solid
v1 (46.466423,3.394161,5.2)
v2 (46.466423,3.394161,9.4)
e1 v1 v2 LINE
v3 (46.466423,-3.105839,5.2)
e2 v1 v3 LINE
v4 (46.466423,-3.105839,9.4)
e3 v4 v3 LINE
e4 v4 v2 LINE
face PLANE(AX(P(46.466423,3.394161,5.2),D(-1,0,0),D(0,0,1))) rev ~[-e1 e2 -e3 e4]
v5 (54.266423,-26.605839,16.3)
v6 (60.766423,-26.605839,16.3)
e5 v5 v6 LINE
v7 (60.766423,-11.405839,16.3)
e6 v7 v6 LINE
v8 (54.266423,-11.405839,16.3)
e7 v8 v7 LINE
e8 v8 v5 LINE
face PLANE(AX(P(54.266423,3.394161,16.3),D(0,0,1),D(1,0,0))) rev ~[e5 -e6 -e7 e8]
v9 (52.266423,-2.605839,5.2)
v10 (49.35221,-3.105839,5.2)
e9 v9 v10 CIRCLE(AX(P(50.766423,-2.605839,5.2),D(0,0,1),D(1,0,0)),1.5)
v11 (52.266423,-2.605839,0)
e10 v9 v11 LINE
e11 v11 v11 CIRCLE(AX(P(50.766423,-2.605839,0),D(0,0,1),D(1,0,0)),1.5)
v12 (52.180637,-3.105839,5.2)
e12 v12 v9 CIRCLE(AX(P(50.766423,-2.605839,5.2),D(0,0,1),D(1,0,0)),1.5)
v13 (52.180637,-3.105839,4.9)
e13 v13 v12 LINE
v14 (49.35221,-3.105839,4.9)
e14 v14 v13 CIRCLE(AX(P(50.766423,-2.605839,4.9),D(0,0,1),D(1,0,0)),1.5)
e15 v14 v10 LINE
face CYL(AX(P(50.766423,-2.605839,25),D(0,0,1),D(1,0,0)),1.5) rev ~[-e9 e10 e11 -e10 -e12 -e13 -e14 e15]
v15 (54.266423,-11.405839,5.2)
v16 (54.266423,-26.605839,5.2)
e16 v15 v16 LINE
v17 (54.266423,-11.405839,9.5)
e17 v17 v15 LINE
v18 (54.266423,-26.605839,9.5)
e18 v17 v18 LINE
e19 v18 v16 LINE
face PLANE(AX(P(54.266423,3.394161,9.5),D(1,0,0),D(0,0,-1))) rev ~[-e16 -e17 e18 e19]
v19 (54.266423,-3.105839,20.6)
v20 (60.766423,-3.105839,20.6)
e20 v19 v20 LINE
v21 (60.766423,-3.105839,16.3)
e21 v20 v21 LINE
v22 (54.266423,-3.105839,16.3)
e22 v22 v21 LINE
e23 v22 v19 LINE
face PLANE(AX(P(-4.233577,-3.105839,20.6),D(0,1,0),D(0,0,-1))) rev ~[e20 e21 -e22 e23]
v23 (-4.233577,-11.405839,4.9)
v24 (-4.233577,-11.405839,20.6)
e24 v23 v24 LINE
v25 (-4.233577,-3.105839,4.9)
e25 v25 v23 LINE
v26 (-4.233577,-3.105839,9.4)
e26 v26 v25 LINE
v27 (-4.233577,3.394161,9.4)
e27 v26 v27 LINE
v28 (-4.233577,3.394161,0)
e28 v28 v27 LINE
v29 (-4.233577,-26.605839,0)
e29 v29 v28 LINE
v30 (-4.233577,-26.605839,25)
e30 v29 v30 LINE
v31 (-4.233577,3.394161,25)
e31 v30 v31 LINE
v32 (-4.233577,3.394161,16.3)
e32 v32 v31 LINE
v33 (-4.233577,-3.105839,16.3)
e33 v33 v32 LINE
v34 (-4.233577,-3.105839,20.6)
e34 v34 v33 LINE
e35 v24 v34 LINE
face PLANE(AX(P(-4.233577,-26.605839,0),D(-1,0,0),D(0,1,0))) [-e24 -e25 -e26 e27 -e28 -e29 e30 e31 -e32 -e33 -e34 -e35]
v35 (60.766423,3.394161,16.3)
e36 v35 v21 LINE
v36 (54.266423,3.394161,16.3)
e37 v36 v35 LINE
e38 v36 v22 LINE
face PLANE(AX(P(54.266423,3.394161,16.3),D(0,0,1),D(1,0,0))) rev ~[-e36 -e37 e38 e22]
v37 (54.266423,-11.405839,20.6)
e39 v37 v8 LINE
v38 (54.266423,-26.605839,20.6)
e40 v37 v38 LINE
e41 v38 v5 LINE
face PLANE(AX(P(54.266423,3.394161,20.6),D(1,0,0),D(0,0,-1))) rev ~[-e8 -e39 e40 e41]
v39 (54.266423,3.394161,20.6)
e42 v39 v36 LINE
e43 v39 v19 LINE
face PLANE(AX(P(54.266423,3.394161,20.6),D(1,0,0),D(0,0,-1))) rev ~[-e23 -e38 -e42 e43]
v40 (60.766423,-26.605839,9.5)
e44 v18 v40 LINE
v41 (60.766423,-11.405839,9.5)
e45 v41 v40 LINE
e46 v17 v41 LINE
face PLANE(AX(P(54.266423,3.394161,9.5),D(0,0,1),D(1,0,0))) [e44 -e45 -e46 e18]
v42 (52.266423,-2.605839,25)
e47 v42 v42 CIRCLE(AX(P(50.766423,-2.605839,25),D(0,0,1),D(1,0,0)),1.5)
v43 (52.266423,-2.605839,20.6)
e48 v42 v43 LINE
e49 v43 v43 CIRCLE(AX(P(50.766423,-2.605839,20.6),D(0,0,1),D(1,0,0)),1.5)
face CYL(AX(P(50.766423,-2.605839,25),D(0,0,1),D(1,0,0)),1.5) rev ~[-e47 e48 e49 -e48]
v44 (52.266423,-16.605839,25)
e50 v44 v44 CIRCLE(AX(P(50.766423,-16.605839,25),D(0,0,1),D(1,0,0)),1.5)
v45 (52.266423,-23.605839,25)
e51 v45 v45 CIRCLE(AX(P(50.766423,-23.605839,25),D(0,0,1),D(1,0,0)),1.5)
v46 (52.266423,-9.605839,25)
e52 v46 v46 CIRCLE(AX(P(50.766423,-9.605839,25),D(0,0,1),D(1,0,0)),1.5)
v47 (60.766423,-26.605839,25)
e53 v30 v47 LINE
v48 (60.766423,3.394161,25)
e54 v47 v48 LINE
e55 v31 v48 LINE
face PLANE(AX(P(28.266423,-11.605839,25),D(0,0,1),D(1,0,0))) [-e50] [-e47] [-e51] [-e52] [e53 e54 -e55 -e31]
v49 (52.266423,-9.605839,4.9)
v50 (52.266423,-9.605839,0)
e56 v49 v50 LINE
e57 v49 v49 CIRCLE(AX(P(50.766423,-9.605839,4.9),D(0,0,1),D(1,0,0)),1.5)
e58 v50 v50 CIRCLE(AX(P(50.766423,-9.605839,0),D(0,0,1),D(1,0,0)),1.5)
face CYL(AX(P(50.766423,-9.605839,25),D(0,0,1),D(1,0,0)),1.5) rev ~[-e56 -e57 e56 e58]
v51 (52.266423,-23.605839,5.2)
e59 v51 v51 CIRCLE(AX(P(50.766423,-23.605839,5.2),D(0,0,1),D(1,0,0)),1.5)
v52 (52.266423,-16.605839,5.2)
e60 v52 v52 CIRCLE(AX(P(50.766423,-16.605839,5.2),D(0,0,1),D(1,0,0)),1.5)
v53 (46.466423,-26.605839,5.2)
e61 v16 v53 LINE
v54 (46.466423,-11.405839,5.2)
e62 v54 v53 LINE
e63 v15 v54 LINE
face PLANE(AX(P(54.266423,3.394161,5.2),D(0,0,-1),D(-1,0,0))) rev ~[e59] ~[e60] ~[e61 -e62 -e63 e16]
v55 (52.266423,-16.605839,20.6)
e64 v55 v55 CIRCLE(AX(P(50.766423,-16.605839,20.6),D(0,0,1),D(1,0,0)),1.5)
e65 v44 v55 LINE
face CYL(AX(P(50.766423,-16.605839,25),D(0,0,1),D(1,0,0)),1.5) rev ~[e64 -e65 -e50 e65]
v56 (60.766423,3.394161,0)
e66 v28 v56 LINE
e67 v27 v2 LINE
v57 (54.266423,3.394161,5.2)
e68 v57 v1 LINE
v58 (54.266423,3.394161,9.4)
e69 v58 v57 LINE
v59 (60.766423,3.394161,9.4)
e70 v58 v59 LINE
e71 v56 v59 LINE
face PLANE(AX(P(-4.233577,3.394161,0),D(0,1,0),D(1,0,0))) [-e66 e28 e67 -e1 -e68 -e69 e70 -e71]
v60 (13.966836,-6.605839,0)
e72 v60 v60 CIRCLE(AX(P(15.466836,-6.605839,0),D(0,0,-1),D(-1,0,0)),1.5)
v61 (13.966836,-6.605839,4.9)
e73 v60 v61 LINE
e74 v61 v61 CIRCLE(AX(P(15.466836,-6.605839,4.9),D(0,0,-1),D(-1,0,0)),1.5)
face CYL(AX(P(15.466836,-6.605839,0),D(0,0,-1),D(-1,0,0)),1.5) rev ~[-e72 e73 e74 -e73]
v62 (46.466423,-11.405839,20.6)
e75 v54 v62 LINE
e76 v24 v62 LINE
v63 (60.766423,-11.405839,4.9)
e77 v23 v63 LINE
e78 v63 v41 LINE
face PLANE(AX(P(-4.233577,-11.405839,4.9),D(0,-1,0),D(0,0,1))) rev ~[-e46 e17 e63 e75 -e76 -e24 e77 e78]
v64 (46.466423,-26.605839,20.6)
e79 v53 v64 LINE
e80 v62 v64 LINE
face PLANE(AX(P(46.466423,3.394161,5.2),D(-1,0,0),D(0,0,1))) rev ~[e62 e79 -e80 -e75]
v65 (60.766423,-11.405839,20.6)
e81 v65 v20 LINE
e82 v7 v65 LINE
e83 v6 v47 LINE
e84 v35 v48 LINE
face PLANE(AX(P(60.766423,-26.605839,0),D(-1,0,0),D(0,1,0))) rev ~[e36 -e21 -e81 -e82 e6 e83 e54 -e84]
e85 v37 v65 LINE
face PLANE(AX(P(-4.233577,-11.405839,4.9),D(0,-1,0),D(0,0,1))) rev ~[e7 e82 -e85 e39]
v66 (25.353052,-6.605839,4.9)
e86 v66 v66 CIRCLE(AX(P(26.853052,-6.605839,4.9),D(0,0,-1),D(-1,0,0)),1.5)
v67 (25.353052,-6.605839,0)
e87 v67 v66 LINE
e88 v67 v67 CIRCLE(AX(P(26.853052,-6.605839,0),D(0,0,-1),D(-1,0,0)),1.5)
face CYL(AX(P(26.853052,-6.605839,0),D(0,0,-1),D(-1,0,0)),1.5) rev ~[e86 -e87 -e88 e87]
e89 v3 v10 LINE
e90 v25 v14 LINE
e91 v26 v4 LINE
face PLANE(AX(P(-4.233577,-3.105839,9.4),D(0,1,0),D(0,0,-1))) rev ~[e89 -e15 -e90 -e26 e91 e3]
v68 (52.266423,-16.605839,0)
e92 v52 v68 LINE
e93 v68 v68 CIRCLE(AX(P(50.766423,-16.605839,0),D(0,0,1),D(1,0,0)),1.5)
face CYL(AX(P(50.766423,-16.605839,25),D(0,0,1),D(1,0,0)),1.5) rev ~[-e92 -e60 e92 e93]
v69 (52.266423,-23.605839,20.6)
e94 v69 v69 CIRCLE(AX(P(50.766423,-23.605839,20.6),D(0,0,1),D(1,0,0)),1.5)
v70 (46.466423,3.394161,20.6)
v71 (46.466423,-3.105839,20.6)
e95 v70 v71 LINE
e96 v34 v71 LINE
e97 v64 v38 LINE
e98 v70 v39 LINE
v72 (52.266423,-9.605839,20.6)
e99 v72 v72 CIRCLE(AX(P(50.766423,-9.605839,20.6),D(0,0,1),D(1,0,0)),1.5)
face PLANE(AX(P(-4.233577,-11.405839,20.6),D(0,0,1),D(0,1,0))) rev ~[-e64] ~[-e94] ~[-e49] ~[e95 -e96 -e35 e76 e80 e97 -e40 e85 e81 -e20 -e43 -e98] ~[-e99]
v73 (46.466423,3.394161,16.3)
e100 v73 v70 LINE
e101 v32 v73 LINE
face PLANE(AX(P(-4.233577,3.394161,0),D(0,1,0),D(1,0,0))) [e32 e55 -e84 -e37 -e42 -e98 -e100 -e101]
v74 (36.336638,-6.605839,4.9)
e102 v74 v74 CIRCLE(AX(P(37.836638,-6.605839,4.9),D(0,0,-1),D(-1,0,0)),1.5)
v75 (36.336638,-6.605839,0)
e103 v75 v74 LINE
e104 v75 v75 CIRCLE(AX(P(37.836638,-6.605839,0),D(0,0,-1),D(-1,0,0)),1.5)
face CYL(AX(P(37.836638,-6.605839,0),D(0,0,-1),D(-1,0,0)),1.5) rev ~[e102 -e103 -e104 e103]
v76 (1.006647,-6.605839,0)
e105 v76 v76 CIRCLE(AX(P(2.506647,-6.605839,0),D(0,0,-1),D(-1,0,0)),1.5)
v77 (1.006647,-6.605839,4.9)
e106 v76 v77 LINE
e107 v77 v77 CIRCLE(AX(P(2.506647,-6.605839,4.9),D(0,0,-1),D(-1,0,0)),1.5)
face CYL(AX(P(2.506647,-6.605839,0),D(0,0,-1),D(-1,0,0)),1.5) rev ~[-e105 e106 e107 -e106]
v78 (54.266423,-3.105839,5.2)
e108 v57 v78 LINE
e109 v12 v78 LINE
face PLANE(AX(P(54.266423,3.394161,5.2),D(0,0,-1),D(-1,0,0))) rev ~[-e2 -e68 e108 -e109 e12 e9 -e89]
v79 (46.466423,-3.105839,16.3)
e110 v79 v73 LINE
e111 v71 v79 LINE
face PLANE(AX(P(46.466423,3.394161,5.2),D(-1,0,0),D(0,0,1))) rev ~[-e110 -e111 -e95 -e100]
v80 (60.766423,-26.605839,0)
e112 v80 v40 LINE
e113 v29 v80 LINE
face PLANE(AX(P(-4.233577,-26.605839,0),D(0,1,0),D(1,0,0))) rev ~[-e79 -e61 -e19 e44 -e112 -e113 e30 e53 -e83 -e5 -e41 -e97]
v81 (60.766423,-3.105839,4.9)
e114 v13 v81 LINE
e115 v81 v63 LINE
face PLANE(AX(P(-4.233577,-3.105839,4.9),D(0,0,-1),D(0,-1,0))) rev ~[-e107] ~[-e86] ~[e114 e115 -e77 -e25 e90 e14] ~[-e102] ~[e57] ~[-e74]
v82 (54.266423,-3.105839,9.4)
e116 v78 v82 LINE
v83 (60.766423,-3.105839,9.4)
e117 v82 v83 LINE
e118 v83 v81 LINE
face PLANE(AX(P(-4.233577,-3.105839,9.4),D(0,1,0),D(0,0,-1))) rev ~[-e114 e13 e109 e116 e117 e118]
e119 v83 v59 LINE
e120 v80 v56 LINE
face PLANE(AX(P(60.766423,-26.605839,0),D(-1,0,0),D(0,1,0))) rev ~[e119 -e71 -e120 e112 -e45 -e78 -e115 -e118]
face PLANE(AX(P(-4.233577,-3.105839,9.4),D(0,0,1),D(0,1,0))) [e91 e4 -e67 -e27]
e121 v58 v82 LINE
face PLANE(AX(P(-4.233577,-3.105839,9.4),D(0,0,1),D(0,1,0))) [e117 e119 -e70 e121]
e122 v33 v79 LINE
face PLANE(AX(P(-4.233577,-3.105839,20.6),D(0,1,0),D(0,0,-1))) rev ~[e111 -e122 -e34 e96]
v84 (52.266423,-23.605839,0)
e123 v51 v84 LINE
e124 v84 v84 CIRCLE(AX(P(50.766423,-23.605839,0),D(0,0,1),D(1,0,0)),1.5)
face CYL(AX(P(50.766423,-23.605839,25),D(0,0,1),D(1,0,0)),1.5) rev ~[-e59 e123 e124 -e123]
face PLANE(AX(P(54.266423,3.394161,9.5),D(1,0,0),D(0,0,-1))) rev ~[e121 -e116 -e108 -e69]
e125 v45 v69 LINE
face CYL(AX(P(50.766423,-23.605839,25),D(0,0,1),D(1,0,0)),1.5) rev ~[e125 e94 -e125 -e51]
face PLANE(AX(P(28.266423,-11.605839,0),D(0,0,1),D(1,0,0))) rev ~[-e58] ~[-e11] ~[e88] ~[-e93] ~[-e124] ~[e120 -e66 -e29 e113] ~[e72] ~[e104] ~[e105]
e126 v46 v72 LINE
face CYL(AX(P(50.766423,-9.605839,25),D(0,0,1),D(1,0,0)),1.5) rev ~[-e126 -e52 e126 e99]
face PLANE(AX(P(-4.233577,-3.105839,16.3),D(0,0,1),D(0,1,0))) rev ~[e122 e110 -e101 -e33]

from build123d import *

# Parameters (mm, degrees)
SKETCH1_W           = 65
SKETCH1_H           = 30
BOSS_EXTRUDE1_DEPTH = 25
SKETCH2_W           = 6.5
SKETCH2_H           = 6.8
CUT_EXTRUDE1_DEPTH  = 31
SKETCH5_R           = 1.5
CUT_EXTRUDE3_DEPTH  = 26
SKETCH6_W           = 6.9
SKETCH6_H           = 6.5
CUT_EXTRUDE4_DEPTH  = 66
SKETCH7_R           = 1.5
CUT_EXTRUDE5_DEPTH  = 10


with BuildPart() as part:
    # Sketch1 → Boss-Extrude1 (new body)
    with BuildSketch(Plane.XY):
        with Locations((28.266423358, -11.605839416)):
            Rectangle(SKETCH1_W, SKETCH1_H)
    extrude(amount=BOSS_EXTRUDE1_DEPTH)

    # Sketch2 → Cut-Extrude1 (cut, through all)
    with BuildSketch(Plane(origin=(0, 3.394160584, 0), x_dir=(1, 0, 0), z_dir=(0, 1, 0))):
        with Locations((57.516423358, -12.9)):
            Rectangle(SKETCH2_W, SKETCH2_H)
        Polygon((54.266423358, -20.6), (54.266423358, -16.3), (54.266423358, -9.5), (54.266423358, -5.2), (46.466423358, -5.2), (46.466423358, -20.6), align=None)
    extrude(amount=-CUT_EXTRUDE1_DEPTH, mode=Mode.SUBTRACT)

    # Sketch5 → Cut-Extrude3 (cut, through all)
    with BuildSketch(Plane.XY.offset(25)):
        with Locations((50.766423358, -2.605839416)):
            Circle(SKETCH5_R)
        with Locations((50.766423358, -9.605839416)):
            Circle(SKETCH5_R)
        with Locations((50.766423358, -16.605839416)):
            Circle(SKETCH5_R)
        with Locations((50.766423358, -23.605839416)):
            Circle(SKETCH5_R)
    extrude(amount=-CUT_EXTRUDE3_DEPTH, mode=Mode.SUBTRACT)

    # Sketch6 → Cut-Extrude4 (cut, through all)
    with BuildSketch(Plane.ZY.offset(4.233576642)):
        Polygon((16.3, -3.105839416), (9.4, -3.105839416), (4.9, -3.105839416), (4.9, -11.405839416), (20.6, -11.405839416), (20.6, -3.105839416), align=None)
        with Locations((12.85, 0.144160584)):
            Rectangle(SKETCH6_W, SKETCH6_H)
    extrude(amount=-CUT_EXTRUDE4_DEPTH, mode=Mode.SUBTRACT)

    # Sketch7 → Cut-Extrude5 (cut)
    with BuildSketch(Plane(origin=(0, 0, 0), x_dir=(-1, 0, 0), z_dir=(0, 0, -1))):
        with Locations((-2.506646914, -6.605839416)):
            Circle(SKETCH7_R)
        with Locations((-15.4668355, -6.605839416)):
            Circle(SKETCH7_R)
        with Locations((-26.853051517, -6.605839416)):
            Circle(SKETCH7_R)
        with Locations((-37.836637843, -6.605839416)):
            Circle(SKETCH7_R)
    extrude(amount=-CUT_EXTRUDE5_DEPTH, mode=Mode.SUBTRACT)


solid = part.part
